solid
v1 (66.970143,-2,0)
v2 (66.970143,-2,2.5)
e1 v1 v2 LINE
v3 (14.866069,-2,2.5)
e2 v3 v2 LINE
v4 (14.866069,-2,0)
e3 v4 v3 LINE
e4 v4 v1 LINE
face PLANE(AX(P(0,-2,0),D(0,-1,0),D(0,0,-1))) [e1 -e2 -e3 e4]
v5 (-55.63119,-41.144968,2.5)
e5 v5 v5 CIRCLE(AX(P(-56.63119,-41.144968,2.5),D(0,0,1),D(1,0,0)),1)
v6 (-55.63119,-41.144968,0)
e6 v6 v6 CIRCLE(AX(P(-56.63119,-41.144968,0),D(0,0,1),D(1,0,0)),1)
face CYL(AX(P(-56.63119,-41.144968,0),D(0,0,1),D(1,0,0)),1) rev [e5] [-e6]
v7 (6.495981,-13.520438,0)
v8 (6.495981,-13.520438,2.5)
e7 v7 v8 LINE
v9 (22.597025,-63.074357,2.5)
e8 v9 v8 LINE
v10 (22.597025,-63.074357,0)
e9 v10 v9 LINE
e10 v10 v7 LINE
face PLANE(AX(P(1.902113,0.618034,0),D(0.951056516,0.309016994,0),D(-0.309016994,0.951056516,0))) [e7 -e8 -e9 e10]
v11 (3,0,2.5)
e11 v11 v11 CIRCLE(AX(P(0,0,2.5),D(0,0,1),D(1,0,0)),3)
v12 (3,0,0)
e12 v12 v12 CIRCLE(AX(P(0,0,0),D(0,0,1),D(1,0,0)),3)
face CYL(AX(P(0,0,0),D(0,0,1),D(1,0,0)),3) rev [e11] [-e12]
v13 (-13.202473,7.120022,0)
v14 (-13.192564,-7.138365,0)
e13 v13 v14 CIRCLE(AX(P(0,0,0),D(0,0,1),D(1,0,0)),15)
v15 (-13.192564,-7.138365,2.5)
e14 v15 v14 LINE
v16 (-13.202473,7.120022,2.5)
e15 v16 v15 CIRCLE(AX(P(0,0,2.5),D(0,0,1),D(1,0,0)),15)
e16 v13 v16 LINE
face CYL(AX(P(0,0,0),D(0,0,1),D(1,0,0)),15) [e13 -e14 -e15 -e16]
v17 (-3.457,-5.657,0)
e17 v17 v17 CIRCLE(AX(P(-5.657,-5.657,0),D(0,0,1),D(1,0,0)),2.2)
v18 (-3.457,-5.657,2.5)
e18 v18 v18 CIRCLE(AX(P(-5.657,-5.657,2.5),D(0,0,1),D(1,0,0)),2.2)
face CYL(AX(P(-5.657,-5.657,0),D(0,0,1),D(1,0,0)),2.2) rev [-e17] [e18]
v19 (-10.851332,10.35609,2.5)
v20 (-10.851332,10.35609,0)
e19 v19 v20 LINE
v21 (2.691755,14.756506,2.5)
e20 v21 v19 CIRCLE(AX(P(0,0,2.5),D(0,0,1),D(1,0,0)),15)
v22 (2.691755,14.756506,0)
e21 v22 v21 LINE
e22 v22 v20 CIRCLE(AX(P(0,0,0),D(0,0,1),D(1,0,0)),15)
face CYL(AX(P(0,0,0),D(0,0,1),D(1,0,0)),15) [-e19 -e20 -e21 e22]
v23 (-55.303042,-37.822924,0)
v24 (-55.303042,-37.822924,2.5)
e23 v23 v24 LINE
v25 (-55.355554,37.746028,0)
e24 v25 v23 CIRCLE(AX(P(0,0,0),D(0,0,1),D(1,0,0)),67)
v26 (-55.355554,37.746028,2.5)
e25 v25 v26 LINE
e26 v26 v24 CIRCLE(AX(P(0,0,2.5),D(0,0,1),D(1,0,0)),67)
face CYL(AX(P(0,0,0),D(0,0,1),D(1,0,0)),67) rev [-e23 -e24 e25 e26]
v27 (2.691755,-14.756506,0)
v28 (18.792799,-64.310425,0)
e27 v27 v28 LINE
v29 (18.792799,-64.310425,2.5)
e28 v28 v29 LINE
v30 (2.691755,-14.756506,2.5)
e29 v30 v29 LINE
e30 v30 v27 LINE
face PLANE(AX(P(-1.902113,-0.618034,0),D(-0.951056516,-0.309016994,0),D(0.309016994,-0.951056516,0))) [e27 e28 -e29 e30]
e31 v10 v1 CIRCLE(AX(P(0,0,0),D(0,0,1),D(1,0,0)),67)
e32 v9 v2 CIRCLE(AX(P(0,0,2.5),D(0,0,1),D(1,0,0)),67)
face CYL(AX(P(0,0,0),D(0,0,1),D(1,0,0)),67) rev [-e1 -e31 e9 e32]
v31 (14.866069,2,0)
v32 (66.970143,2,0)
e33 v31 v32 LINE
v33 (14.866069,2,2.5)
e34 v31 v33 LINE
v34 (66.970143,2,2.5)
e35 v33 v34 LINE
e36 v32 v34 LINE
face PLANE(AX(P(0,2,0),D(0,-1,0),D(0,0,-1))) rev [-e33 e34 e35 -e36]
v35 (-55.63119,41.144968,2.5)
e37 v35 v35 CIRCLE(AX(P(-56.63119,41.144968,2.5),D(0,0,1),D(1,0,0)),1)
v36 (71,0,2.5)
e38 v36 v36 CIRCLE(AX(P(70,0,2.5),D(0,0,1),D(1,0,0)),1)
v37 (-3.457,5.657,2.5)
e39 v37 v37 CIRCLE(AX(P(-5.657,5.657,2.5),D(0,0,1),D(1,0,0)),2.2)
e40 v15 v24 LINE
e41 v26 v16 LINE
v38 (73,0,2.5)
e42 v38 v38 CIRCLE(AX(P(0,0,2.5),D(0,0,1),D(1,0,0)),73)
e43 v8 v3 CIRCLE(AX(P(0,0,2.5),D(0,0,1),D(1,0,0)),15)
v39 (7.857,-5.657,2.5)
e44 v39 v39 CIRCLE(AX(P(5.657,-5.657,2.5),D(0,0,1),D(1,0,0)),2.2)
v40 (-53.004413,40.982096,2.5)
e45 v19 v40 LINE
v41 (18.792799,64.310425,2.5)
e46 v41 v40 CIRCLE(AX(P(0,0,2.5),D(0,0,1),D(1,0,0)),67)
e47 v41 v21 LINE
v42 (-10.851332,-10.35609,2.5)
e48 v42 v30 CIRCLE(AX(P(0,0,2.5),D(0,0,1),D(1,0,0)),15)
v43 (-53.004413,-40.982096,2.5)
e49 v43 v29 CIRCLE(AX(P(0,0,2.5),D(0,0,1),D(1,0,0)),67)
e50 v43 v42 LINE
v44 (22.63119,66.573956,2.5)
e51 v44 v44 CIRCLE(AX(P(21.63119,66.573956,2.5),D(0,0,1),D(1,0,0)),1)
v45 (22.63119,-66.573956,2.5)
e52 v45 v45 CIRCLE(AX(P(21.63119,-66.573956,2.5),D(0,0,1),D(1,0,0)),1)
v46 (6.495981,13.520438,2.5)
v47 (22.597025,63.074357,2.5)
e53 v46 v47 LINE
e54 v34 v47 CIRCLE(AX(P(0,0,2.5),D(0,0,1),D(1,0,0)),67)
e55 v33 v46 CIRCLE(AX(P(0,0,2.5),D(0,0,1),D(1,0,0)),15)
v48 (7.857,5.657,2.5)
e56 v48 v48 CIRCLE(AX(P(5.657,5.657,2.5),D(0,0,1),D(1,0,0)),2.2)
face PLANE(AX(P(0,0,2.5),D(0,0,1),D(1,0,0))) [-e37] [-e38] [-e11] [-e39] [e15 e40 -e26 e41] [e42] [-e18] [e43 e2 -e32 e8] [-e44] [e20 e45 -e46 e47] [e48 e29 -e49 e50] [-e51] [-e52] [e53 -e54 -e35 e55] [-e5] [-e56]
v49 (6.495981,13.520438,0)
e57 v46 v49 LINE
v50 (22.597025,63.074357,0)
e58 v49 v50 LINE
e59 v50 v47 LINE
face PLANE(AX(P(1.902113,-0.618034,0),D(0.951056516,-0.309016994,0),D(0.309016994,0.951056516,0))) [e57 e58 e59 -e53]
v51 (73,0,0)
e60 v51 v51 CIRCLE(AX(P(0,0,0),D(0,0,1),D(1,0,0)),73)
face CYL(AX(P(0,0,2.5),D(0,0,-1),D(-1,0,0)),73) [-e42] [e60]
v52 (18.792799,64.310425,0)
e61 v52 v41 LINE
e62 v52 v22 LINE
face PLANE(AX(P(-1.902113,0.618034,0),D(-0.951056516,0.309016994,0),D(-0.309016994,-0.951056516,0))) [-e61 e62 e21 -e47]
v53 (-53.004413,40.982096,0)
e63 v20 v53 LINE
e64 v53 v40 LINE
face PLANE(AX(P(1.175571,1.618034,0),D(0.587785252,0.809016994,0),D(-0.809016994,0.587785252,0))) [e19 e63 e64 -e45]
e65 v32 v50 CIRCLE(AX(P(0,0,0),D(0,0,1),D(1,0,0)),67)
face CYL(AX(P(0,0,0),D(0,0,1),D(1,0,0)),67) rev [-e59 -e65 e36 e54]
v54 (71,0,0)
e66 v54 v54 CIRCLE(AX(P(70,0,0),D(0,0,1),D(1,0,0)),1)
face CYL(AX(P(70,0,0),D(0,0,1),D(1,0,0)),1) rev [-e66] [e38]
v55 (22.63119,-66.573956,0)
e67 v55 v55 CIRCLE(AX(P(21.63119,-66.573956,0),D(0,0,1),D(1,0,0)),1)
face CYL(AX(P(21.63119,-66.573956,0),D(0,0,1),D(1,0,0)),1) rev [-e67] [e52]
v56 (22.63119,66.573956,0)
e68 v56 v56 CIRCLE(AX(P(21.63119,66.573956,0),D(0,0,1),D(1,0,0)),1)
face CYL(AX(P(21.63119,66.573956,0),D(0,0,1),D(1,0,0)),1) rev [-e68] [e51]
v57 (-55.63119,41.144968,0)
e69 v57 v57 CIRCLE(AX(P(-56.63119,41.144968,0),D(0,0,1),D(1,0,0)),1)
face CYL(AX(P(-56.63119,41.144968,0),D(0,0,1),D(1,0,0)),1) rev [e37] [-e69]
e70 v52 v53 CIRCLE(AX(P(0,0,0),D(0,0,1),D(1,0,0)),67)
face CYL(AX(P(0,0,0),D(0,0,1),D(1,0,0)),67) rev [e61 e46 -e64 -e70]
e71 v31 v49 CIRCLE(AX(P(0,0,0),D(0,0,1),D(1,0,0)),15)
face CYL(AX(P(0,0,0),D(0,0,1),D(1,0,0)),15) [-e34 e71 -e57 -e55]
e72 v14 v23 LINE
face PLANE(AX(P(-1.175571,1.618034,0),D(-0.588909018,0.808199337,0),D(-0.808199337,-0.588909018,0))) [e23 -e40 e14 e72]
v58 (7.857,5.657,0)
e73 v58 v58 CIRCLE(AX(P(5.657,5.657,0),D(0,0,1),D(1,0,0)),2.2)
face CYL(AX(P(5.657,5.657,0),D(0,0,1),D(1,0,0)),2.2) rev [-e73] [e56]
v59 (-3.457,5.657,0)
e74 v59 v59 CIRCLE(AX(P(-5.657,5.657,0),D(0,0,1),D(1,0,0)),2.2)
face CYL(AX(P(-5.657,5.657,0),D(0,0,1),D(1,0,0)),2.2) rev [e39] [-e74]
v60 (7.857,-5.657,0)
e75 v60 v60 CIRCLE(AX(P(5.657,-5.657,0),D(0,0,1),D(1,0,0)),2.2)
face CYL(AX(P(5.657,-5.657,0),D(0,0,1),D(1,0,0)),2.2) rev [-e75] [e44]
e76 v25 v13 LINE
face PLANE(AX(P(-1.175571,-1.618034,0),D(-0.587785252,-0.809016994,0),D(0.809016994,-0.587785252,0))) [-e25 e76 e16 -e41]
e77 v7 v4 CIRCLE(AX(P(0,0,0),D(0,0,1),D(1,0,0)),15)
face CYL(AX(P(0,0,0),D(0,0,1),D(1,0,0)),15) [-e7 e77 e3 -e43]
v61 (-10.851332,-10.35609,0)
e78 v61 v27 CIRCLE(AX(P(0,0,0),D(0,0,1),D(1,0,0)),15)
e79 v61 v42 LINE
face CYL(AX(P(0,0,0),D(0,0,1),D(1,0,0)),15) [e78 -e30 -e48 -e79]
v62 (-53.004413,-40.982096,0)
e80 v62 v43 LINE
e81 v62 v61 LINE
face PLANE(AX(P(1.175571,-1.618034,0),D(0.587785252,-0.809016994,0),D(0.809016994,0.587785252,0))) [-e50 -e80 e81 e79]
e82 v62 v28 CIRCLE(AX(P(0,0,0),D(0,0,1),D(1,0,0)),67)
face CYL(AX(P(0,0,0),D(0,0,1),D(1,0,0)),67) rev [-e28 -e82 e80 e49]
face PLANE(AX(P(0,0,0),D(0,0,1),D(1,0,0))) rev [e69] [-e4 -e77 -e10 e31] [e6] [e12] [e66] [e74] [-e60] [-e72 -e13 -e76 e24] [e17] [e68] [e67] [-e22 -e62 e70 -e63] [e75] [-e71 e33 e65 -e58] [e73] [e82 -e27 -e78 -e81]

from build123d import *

# Parameters (mm, degrees)
SKETCH_3_R          = 73
EXTRUDE_3_DEPTH     = 2.5
SKETCH_5_R          = 67
CUT_EXTRUDE_1_DEPTH = 2.5
SKETCH_6_R          = 15
EXTRUDE_4_DEPTH     = 2.5
SKETCH_7_R          = 8
CUT_EXTRUDE_2_DEPTH = 2.5
EXTRUDE_6_DEPTH     = 2.5
EXTRUDE_7_DEPTH     = 2.5
EXTRUDE_8_DEPTH     = 2.5
EXTRUDE_9_DEPTH     = 2.5
EXTRUDE_10_DEPTH    = 2.5
SKETCH_14_R         = 8
CUT_EXTRUDE_3_DEPTH = 2.5
SKETCH_15_R         = 1
CUT_EXTRUDE_4_DEPTH = 2.5
SKETCH_16_R         = 8
EXTRUDE_11_DEPTH    = 2.5
SKETCH_17_R         = 3
CUT_EXTRUDE_5_DEPTH = 2.5
SKETCH_18_R         = 3.25
SKETCH_18_R_2       = 2.2
CUT_EXTRUDE_6_DEPTH = 2.5
SKETCH_19_R         = 3.25
EXTRUDE_12_DEPTH    = 2.5
SKETCH_20_R         = 2.2
CUT_EXTRUDE_7_DEPTH = 2.5


with BuildPart() as part:
    # 草图3 → 凸台-拉伸3 (new body)
    with BuildSketch(Plane.XY):
        Circle(SKETCH_3_R)
    extrude(amount=EXTRUDE_3_DEPTH)

    # 草图5 → 切除-拉伸1 (cut)
    with BuildSketch(Plane.XY.offset(2.5)):
        Circle(SKETCH_5_R)
    extrude(amount=-CUT_EXTRUDE_1_DEPTH, mode=Mode.SUBTRACT)



with BuildPart() as body_2:
    # 草图6 → 凸台-拉伸4 (new body)
    with BuildSketch(Plane.XY.offset(2.5)):
        Circle(SKETCH_6_R)
    extrude(amount=-EXTRUDE_4_DEPTH)

    # 草图7 → 切除-拉伸2 (cut)
    with BuildSketch(Plane.XY.offset(2.5)):
        Circle(SKETCH_7_R)
    extrude(amount=-CUT_EXTRUDE_2_DEPTH, mode=Mode.SUBTRACT)


with BuildPart() as part_1:
    add(part.part)

    add(body_2.part)  # 凸台-拉伸6 merges body 2
    # 草图9 → 凸台-拉伸6 (add)
    with BuildSketch(Plane.XY.offset(2.5)):
        with BuildLine():
            Line((0, 2), (0, 0))
            Line((0, 0), (0, -2))
            Line((0, -2), (66.970142601, -2))
            ThreePointArc((66.970142601, -2), (67, 0), (66.970142601, 2))
            Line((66.970142601, 2), (0, 2))
        make_face()
    extrude(amount=-EXTRUDE_6_DEPTH)

    # 草图10 → 凸台-拉伸7 (add)
    with BuildSketch(Plane.XY.offset(2.5)):
        with BuildLine():
            Line((1.902113033, -0.618033989), (0, 0))
            Line((0, 0), (-1.902113033, 0.618033989))
            Line((-1.902113033, 0.618033989), (18.792799147, 64.310424507))
            ThreePointArc((18.792799147, 64.310424507), (20.704138623, 63.720786592), (22.597025212, 63.074356529))
            Line((22.597025212, 63.074356529), (1.902113033, -0.618033989))
        make_face()
    extrude(amount=-EXTRUDE_7_DEPTH)

    # 草图11 → 凸台-拉伸8 (add)
    with BuildSketch(Plane.XY.offset(2.5)):
        with BuildLine():
            Line((0, 0), (1.175570505, 1.618033989))
            Line((1.175570505, 1.618033989), (-53.004412975, 40.982096154))
            ThreePointArc((-53.004412975, 40.982096154), (-54.204138623, 39.381611904), (-55.355553985, 37.746028176))
            Line((-55.355553985, 37.746028176), (-1.175570505, -1.618033989))
            Line((-1.175570505, -1.618033989), (0, 0))
        make_face()
    extrude(amount=-EXTRUDE_8_DEPTH)

    # 草图12 → 凸台-拉伸9 (add)
    with BuildSketch(Plane.XY.offset(2.5)):
        with BuildLine():
            Line((0, 0), (1.175570505, -1.618033989))
            Line((1.175570505, -1.618033989), (-53.004412975, -40.982096154))
            ThreePointArc((-53.004412975, -40.982096154), (-54.176759621, -39.419268347), (-55.30304181, -37.822923823))
            Line((-55.30304181, -37.822923823), (-1.175570505, 1.618033989))
            Line((-1.175570505, 1.618033989), (0, 0))
        make_face()
    extrude(amount=-EXTRUDE_9_DEPTH)

    # 草图13 → 凸台-拉伸10 (add)
    with BuildSketch(Plane.XY.offset(2.5)):
        with BuildLine():
            Line((0, 0), (1.902113033, 0.618033989))
            Line((1.902113033, 0.618033989), (22.597025212, -63.074356529))
            ThreePointArc((22.597025212, -63.074356529), (20.704138623, -63.720786592), (18.792799147, -64.310424507))
            Line((18.792799147, -64.310424507), (-1.902113033, -0.618033989))
            Line((-1.902113033, -0.618033989), (0, 0))
        make_face()
    extrude(amount=-EXTRUDE_10_DEPTH)

    # 草图14 → 切除-拉伸3 (cut)
    with BuildSketch(Plane.XY.offset(2.5)):
        Circle(SKETCH_14_R)
    extrude(amount=-CUT_EXTRUDE_3_DEPTH, mode=Mode.SUBTRACT)

    # 草图15 → 切除-拉伸4 (cut)
    with BuildSketch(Plane.XY.offset(2.5)):
        with Locations((70, 0)):
            Circle(SKETCH_15_R)
        with Locations((21.631189606, 66.573956141)):
            Circle(SKETCH_15_R)
        with Locations((-56.631189606, 41.14496766)):
            Circle(SKETCH_15_R)
        with Locations((-56.631189606, -41.14496766)):
            Circle(SKETCH_15_R)
        with Locations((21.631189606, -66.573956141)):
            Circle(SKETCH_15_R)
    extrude(amount=-CUT_EXTRUDE_4_DEPTH, mode=Mode.SUBTRACT)

    # 草图16 → 凸台-拉伸11 (add)
    with BuildSketch(Plane.XY.offset(2.5)):
        Circle(SKETCH_16_R)
    extrude(amount=-EXTRUDE_11_DEPTH)

    # 草图17 → 切除-拉伸5 (cut)
    with BuildSketch(Plane.XY.offset(2.5)):
        Circle(SKETCH_17_R)
    extrude(amount=-CUT_EXTRUDE_5_DEPTH, mode=Mode.SUBTRACT)

    # 草图18 → 切除-拉伸6 (cut)
    with BuildSketch(Plane.XY.offset(2.5)):
        with Locations((5.657, 5.657)):
            Circle(SKETCH_18_R)
        with Locations((-5.657, -5.657)):
            Circle(SKETCH_18_R)
        with Locations((5.657, -5.657)):
            Circle(SKETCH_18_R_2)
        with Locations((-5.657, 5.657)):
            Circle(SKETCH_18_R_2)
    extrude(amount=-CUT_EXTRUDE_6_DEPTH, mode=Mode.SUBTRACT)

    # 草图19 → 凸台-拉伸12 (add)
    with BuildSketch(Plane.XY.offset(2.5)):
        with Locations((5.657, 5.657)):
            Circle(SKETCH_19_R)
        with Locations((-5.657, -5.657)):
            Circle(SKETCH_19_R)
    extrude(amount=-EXTRUDE_12_DEPTH)

    # 草图20 → 切除-拉伸7 (cut)
    with BuildSketch(Plane.XY.offset(2.5)):
        with Locations((5.657, 5.657)):
            Circle(SKETCH_20_R)
        with Locations((-5.657, -5.657)):
            Circle(SKETCH_20_R)
    extrude(amount=-CUT_EXTRUDE_7_DEPTH, mode=Mode.SUBTRACT)


solid = part_1.part
